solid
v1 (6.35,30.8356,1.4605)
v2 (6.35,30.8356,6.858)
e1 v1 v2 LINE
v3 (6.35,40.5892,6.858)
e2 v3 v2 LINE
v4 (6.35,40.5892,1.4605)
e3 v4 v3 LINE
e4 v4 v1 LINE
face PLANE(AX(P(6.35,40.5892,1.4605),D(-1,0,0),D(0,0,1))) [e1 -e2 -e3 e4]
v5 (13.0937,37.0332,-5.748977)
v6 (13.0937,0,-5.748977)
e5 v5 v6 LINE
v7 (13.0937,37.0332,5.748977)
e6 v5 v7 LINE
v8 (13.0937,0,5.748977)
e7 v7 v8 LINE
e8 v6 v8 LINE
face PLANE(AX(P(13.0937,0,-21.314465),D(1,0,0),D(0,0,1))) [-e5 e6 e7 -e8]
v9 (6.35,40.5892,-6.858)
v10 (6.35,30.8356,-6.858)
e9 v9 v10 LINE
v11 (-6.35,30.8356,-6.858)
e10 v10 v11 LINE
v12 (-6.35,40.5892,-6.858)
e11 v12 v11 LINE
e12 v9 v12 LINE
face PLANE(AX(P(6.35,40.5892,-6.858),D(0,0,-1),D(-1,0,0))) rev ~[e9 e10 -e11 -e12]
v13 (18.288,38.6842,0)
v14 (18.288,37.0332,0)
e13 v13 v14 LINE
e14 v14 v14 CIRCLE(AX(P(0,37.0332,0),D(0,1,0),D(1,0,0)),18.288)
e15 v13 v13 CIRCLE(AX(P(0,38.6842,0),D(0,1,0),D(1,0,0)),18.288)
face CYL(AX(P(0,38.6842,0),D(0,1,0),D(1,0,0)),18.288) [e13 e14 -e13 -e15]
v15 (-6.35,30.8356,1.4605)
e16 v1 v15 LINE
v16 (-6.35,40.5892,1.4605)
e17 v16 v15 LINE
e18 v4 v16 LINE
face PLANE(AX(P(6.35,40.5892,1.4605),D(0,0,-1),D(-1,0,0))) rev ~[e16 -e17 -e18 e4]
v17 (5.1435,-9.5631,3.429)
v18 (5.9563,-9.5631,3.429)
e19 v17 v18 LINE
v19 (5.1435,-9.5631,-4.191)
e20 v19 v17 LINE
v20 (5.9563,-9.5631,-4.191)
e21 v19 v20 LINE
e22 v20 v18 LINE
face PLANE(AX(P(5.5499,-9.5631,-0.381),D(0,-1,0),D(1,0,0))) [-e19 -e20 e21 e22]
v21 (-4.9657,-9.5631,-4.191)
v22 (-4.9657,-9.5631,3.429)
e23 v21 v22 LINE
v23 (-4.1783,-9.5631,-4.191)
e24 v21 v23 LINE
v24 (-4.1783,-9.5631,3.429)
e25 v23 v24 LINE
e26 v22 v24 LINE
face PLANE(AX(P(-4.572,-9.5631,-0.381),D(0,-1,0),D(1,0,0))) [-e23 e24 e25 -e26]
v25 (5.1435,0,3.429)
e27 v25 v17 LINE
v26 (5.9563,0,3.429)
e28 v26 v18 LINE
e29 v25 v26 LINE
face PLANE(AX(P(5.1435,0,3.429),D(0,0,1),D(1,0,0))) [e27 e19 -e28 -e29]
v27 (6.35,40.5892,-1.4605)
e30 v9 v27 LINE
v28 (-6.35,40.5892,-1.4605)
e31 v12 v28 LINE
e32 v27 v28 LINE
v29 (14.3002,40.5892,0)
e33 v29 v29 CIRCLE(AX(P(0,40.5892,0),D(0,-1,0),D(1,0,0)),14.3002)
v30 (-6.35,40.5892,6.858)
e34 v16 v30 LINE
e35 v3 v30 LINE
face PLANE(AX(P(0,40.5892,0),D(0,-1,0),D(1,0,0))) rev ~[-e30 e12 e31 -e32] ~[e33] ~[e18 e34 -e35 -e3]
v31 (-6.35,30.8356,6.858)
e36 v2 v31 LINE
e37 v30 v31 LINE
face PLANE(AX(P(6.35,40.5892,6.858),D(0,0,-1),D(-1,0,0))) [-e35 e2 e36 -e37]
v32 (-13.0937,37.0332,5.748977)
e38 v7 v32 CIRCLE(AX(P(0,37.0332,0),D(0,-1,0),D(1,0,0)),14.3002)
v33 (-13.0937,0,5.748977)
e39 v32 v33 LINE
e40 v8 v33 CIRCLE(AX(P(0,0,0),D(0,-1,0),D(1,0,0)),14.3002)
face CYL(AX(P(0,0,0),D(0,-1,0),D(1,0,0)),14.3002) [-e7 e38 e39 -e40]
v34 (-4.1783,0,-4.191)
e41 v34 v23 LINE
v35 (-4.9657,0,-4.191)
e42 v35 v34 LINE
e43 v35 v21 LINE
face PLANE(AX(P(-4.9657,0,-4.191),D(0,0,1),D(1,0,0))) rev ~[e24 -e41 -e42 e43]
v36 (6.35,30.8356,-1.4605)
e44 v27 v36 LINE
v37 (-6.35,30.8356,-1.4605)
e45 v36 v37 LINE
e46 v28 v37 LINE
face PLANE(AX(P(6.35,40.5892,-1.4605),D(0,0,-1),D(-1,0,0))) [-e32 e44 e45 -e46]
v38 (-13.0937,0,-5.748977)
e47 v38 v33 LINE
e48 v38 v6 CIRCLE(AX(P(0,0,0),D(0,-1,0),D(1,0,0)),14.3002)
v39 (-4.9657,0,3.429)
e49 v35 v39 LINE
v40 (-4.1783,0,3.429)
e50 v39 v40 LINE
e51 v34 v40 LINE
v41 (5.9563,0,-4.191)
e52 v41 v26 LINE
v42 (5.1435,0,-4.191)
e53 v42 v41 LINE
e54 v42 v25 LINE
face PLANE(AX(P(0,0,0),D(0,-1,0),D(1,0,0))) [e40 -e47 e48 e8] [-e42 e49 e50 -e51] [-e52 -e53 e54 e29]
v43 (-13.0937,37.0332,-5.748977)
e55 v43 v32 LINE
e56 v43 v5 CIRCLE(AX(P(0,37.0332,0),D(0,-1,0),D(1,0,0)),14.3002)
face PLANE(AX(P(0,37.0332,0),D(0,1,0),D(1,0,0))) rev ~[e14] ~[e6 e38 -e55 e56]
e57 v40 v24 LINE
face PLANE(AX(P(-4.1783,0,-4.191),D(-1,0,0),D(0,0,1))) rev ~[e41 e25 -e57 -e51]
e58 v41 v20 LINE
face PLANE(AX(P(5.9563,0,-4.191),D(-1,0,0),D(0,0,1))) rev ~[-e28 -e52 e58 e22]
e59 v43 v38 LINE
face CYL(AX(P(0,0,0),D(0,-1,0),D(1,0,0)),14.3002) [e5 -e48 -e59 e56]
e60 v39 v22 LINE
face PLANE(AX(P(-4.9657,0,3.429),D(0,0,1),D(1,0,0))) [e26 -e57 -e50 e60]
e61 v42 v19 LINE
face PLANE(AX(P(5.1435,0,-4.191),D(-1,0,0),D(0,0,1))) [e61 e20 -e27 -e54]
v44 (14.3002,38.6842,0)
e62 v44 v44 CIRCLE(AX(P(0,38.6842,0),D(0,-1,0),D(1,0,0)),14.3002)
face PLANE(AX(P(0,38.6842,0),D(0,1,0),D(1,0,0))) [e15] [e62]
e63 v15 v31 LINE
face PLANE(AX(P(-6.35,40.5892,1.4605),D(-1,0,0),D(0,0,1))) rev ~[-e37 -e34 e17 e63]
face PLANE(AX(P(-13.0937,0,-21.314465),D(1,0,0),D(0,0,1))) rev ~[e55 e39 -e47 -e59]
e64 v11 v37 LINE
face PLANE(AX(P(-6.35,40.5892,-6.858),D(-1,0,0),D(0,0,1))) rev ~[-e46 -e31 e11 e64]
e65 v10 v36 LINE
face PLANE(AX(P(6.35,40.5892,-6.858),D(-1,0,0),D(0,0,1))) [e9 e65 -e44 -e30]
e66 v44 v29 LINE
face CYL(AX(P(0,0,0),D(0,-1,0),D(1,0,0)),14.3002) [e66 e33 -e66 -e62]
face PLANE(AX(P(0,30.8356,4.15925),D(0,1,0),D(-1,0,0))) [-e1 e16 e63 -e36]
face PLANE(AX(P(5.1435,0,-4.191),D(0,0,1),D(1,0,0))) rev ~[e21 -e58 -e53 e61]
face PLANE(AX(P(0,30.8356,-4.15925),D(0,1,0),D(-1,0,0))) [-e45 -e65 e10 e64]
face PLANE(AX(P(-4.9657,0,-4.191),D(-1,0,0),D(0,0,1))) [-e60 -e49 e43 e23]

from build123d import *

# Parameters (mm, degrees)
F0_R      = 14.3002
F1_DEPTH  = 40.5892
F2_W      = 11.867738
F2_H      = 43.622876
F2_W_2    = 10.350018
F3_DEPTH  = 37.084
F5_R      = 18.288
F6_DEPTH  = 1.651
F7_W      = 12.7
F7_H      = 5.3975
F8_DEPTH  = 9.7536
F9_W      = 0.7874
F9_H      = 7.62
F9_W_2    = 0.8128
F10_DEPTH = 9.5631


with BuildPart() as f1:
    # F0 (on Front) → F1 (new body)
    with BuildSketch(Plane.XZ):
        Circle(F0_R)
    extrude(amount=-F1_DEPTH)

    # F2 (on face) → F3 (cut)
    with BuildSketch(Plane.XZ):
        with Locations((-19.027569, 0.496973)):
            Rectangle(F2_W, F2_H)
        with Locations((18.268709, 0.496973)):
            Rectangle(F2_W_2, F2_H)
    extrude(amount=-F3_DEPTH, mode=Mode.SUBTRACT)

    # F5 (on offset) → F6 (join)
    with BuildSketch(Plane(origin=(0, 38.6842, 0), x_dir=(1, 0, 0), z_dir=(0, 1, 0))):
        Circle(F5_R)
    extrude(amount=-F6_DEPTH)

    # F7 (on face) → F8 (cut)
    with BuildSketch(Plane(origin=(0, 40.5892, 0), x_dir=(-1, 0, 0), z_dir=(0, 1, 0))):
        with Locations((0, 4.15925)):
            Rectangle(F7_W, F7_H)
        with Locations((0, -4.15925)):
            Rectangle(F7_W, F7_H)
    extrude(amount=-F8_DEPTH, mode=Mode.SUBTRACT)

    # F9 (on face) → F10 (join)
    with BuildSketch(Plane.XZ):
        with Locations((-4.572, -0.381)):
            Rectangle(F9_W, F9_H)
        with Locations((5.5499, -0.381)):
            Rectangle(F9_W_2, F9_H)
    extrude(amount=F10_DEPTH)


solid = f1.part
